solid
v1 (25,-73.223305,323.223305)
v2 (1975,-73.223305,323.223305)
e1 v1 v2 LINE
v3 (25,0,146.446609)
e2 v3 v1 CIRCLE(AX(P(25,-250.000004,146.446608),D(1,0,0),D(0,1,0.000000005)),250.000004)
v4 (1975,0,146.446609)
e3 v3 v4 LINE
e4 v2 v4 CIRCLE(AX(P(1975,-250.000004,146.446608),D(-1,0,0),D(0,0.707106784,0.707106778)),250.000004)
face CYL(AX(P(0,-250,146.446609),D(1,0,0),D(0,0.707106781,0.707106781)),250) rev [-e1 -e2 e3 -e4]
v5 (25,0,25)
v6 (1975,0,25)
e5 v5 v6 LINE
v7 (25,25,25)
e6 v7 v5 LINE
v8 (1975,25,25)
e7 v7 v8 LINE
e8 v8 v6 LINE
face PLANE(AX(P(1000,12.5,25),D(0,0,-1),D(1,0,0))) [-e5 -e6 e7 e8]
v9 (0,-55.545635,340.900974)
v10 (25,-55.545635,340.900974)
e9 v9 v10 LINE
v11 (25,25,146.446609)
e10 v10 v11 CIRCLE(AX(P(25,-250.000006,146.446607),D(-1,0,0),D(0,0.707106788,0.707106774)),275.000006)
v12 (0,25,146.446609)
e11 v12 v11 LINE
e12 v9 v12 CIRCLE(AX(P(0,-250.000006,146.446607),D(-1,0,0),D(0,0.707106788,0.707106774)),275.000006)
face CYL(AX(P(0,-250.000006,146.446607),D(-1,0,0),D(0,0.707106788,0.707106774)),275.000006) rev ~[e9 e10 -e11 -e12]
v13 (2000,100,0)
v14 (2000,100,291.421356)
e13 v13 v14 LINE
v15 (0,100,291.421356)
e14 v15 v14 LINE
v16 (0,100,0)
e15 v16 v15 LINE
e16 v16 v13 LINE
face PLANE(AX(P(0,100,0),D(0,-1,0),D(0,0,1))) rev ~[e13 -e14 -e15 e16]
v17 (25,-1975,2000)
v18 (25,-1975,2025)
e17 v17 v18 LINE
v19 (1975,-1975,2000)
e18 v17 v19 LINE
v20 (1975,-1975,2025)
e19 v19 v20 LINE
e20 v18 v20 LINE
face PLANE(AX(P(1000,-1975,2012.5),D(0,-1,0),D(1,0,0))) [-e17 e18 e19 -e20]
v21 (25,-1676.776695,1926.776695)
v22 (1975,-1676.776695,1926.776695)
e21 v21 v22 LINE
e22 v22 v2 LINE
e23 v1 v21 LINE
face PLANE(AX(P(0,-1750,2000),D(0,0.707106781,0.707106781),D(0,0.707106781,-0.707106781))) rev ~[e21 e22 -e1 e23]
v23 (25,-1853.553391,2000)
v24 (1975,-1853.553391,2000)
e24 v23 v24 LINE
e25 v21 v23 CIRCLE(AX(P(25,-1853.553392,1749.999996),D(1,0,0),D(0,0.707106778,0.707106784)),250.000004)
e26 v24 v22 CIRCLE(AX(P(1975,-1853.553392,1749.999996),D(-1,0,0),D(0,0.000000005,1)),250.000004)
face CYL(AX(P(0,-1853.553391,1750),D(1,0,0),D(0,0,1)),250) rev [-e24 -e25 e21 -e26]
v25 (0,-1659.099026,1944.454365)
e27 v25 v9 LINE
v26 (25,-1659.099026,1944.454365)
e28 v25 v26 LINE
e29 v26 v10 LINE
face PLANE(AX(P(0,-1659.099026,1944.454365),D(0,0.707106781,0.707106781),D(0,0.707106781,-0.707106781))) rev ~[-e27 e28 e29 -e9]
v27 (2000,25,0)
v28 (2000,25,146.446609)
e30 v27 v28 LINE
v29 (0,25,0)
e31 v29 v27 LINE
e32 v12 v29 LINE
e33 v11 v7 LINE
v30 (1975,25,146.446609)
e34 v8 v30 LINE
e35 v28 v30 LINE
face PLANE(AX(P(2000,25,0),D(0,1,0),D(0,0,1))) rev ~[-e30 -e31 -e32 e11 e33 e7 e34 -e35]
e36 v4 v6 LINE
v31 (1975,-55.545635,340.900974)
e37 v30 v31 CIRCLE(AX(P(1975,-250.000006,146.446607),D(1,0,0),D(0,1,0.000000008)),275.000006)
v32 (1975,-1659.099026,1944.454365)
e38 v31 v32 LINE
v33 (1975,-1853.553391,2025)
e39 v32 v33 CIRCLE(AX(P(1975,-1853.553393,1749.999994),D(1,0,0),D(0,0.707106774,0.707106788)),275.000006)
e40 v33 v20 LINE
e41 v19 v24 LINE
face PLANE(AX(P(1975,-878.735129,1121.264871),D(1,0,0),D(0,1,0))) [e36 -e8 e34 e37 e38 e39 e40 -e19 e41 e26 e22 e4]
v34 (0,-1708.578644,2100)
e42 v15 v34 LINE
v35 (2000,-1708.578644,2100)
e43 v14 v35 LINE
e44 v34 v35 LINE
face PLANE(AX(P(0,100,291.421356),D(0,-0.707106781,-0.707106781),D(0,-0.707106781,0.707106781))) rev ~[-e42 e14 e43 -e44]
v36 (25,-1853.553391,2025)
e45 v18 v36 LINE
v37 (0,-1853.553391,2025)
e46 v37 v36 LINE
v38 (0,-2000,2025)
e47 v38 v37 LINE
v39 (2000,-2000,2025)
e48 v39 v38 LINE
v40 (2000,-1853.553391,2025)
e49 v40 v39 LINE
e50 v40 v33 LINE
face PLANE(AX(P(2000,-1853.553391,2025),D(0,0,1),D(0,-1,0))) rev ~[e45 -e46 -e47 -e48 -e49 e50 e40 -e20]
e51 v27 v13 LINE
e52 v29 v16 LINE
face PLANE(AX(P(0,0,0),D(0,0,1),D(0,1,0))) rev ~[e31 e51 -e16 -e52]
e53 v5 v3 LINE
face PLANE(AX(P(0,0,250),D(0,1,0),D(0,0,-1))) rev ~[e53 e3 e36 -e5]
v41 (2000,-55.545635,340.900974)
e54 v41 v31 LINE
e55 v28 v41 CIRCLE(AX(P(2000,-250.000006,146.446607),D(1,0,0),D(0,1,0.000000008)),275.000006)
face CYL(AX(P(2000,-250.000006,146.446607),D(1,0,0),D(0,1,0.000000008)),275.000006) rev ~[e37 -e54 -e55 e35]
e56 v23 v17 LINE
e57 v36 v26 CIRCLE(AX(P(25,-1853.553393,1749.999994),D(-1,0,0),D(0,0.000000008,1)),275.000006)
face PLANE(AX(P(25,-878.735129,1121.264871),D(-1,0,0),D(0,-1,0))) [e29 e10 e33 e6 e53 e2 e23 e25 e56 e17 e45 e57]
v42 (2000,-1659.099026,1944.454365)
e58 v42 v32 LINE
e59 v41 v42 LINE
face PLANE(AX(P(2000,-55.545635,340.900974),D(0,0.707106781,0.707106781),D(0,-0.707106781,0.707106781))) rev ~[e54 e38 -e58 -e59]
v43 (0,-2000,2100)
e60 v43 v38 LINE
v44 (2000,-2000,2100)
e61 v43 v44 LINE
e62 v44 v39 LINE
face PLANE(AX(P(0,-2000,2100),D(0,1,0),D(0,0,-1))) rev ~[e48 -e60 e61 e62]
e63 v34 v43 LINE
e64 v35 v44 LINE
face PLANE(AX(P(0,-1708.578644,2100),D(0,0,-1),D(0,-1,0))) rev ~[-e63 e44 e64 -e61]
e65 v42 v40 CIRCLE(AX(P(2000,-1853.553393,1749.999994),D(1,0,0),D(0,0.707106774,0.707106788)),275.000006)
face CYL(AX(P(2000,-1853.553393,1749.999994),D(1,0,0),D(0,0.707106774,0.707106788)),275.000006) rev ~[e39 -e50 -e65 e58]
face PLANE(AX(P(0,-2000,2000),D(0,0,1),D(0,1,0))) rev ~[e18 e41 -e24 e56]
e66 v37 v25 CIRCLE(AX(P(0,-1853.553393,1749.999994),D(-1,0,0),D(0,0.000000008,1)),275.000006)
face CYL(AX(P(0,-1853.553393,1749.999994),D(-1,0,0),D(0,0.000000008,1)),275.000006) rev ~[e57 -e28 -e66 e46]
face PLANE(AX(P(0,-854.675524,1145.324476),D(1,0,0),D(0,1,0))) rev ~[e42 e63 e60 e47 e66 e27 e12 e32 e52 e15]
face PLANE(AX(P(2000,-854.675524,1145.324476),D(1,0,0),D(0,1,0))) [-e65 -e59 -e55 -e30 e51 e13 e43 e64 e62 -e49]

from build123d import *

# Parameters (mm, degrees)
F1_DEPTH  = 2000
F2_R      = 250
F4_DEPTH  = 25
F6_DEPTH  = 25
F7_W      = 1950
F7_H      = 25
F8_DEPTH  = 25
F9_W      = 1950
F9_H      = 25
F10_DEPTH = 25


with BuildPart() as f1:
    # F0 (on Right) → F1 (new body)
    with BuildSketch(Plane.YZ):
        Polygon((-2000, 2100), (-2000, 2000), (-1750, 2000), (0, 250), (0, 0), (100, 0), (100, 291.421356), (-1708.578644, 2100), align=None)
    extrude(amount=F1_DEPTH)

    # F2
    f2_edges = [f1.edges().sort_by_distance(p)[0] for p in [
        (1000, -1750, 2000),
        (1000, 0, 250),
    ]]
    fillet(f2_edges, radius=F2_R)

    # F3 (on face) → F4 (cut)
    with BuildSketch(Plane(origin=(0, 0, 0), x_dir=(0, -1, 0), z_dir=(-1, 0, 0))):
        with BuildLine():
            ThreePointArc((55.545635, 340.900974), (-4.066871, 251.684553), (-25, 146.446609))
            Line((-25, 146.446609), (-25, 0))
            Line((-25, 0), (0, 0))
            Line((0, 0), (0, 146.446609))
            ThreePointArc((0, 146.446609), (19.030117, 242.117467), (73.223305, 323.223305))
            Line((73.223305, 323.223305), (1676.776695, 1926.776695))
            ThreePointArc((1676.776695, 1926.776695), (1757.882533, 1980.969883), (1853.553391, 2000))
            Line((1853.553391, 2000), (2000, 2000))
            Line((2000, 2000), (2000, 2025))
            Line((2000, 2025), (1853.553391, 2025))
            ThreePointArc((1853.553391, 2025), (1748.315447, 2004.066871), (1659.099026, 1944.454365))
            Line((1659.099026, 1944.454365), (55.545635, 340.900974))
        make_face()
    extrude(amount=-F4_DEPTH, mode=Mode.SUBTRACT)

    # F5 (on face) → F6 (cut)
    with BuildSketch(Plane.YZ.offset(2000)):
        with BuildLine():
            Line((25, 0), (25, 146.446609))
            ThreePointArc((25, 146.446609), (4.066871, 251.684553), (-55.545635, 340.900974))
            Line((-55.545635, 340.900974), (-1659.099026, 1944.454365))
            ThreePointArc((-1659.099026, 1944.454365), (-1748.315447, 2004.066871), (-1853.553391, 2025))
            Line((-1853.553391, 2025), (-2000, 2025))
            Line((-2000, 2025), (-2000, 2000))
            Line((-2000, 2000), (-1853.553391, 2000))
            ThreePointArc((-1853.553391, 2000), (-1757.882533, 1980.969883), (-1676.776695, 1926.776695))
            Line((-1676.776695, 1926.776695), (-73.223305, 323.223305))
            ThreePointArc((-73.223305, 323.223305), (-19.030117, 242.117467), (0, 146.446609))
            Line((0, 146.446609), (0, 0))
            Line((0, 0), (25, 0))
        make_face()
    extrude(amount=-F6_DEPTH, mode=Mode.SUBTRACT)

    # F7 (on face) → F8 (cut)
    with BuildSketch(Plane.XZ.offset(2000)):
        with Locations((1000, 2012.5)):
            Rectangle(F7_W, F7_H)
    extrude(amount=-F8_DEPTH, mode=Mode.SUBTRACT)

    # F9 (on face) → F10 (cut)
    with BuildSketch(Plane(origin=(0, 0, 0), x_dir=(1, 0, 0), z_dir=(0, 0, -1))):
        with Locations((1000, -12.5)):
            Rectangle(F9_W, F9_H)
    extrude(amount=-F10_DEPTH, mode=Mode.SUBTRACT)


solid = f1.part
